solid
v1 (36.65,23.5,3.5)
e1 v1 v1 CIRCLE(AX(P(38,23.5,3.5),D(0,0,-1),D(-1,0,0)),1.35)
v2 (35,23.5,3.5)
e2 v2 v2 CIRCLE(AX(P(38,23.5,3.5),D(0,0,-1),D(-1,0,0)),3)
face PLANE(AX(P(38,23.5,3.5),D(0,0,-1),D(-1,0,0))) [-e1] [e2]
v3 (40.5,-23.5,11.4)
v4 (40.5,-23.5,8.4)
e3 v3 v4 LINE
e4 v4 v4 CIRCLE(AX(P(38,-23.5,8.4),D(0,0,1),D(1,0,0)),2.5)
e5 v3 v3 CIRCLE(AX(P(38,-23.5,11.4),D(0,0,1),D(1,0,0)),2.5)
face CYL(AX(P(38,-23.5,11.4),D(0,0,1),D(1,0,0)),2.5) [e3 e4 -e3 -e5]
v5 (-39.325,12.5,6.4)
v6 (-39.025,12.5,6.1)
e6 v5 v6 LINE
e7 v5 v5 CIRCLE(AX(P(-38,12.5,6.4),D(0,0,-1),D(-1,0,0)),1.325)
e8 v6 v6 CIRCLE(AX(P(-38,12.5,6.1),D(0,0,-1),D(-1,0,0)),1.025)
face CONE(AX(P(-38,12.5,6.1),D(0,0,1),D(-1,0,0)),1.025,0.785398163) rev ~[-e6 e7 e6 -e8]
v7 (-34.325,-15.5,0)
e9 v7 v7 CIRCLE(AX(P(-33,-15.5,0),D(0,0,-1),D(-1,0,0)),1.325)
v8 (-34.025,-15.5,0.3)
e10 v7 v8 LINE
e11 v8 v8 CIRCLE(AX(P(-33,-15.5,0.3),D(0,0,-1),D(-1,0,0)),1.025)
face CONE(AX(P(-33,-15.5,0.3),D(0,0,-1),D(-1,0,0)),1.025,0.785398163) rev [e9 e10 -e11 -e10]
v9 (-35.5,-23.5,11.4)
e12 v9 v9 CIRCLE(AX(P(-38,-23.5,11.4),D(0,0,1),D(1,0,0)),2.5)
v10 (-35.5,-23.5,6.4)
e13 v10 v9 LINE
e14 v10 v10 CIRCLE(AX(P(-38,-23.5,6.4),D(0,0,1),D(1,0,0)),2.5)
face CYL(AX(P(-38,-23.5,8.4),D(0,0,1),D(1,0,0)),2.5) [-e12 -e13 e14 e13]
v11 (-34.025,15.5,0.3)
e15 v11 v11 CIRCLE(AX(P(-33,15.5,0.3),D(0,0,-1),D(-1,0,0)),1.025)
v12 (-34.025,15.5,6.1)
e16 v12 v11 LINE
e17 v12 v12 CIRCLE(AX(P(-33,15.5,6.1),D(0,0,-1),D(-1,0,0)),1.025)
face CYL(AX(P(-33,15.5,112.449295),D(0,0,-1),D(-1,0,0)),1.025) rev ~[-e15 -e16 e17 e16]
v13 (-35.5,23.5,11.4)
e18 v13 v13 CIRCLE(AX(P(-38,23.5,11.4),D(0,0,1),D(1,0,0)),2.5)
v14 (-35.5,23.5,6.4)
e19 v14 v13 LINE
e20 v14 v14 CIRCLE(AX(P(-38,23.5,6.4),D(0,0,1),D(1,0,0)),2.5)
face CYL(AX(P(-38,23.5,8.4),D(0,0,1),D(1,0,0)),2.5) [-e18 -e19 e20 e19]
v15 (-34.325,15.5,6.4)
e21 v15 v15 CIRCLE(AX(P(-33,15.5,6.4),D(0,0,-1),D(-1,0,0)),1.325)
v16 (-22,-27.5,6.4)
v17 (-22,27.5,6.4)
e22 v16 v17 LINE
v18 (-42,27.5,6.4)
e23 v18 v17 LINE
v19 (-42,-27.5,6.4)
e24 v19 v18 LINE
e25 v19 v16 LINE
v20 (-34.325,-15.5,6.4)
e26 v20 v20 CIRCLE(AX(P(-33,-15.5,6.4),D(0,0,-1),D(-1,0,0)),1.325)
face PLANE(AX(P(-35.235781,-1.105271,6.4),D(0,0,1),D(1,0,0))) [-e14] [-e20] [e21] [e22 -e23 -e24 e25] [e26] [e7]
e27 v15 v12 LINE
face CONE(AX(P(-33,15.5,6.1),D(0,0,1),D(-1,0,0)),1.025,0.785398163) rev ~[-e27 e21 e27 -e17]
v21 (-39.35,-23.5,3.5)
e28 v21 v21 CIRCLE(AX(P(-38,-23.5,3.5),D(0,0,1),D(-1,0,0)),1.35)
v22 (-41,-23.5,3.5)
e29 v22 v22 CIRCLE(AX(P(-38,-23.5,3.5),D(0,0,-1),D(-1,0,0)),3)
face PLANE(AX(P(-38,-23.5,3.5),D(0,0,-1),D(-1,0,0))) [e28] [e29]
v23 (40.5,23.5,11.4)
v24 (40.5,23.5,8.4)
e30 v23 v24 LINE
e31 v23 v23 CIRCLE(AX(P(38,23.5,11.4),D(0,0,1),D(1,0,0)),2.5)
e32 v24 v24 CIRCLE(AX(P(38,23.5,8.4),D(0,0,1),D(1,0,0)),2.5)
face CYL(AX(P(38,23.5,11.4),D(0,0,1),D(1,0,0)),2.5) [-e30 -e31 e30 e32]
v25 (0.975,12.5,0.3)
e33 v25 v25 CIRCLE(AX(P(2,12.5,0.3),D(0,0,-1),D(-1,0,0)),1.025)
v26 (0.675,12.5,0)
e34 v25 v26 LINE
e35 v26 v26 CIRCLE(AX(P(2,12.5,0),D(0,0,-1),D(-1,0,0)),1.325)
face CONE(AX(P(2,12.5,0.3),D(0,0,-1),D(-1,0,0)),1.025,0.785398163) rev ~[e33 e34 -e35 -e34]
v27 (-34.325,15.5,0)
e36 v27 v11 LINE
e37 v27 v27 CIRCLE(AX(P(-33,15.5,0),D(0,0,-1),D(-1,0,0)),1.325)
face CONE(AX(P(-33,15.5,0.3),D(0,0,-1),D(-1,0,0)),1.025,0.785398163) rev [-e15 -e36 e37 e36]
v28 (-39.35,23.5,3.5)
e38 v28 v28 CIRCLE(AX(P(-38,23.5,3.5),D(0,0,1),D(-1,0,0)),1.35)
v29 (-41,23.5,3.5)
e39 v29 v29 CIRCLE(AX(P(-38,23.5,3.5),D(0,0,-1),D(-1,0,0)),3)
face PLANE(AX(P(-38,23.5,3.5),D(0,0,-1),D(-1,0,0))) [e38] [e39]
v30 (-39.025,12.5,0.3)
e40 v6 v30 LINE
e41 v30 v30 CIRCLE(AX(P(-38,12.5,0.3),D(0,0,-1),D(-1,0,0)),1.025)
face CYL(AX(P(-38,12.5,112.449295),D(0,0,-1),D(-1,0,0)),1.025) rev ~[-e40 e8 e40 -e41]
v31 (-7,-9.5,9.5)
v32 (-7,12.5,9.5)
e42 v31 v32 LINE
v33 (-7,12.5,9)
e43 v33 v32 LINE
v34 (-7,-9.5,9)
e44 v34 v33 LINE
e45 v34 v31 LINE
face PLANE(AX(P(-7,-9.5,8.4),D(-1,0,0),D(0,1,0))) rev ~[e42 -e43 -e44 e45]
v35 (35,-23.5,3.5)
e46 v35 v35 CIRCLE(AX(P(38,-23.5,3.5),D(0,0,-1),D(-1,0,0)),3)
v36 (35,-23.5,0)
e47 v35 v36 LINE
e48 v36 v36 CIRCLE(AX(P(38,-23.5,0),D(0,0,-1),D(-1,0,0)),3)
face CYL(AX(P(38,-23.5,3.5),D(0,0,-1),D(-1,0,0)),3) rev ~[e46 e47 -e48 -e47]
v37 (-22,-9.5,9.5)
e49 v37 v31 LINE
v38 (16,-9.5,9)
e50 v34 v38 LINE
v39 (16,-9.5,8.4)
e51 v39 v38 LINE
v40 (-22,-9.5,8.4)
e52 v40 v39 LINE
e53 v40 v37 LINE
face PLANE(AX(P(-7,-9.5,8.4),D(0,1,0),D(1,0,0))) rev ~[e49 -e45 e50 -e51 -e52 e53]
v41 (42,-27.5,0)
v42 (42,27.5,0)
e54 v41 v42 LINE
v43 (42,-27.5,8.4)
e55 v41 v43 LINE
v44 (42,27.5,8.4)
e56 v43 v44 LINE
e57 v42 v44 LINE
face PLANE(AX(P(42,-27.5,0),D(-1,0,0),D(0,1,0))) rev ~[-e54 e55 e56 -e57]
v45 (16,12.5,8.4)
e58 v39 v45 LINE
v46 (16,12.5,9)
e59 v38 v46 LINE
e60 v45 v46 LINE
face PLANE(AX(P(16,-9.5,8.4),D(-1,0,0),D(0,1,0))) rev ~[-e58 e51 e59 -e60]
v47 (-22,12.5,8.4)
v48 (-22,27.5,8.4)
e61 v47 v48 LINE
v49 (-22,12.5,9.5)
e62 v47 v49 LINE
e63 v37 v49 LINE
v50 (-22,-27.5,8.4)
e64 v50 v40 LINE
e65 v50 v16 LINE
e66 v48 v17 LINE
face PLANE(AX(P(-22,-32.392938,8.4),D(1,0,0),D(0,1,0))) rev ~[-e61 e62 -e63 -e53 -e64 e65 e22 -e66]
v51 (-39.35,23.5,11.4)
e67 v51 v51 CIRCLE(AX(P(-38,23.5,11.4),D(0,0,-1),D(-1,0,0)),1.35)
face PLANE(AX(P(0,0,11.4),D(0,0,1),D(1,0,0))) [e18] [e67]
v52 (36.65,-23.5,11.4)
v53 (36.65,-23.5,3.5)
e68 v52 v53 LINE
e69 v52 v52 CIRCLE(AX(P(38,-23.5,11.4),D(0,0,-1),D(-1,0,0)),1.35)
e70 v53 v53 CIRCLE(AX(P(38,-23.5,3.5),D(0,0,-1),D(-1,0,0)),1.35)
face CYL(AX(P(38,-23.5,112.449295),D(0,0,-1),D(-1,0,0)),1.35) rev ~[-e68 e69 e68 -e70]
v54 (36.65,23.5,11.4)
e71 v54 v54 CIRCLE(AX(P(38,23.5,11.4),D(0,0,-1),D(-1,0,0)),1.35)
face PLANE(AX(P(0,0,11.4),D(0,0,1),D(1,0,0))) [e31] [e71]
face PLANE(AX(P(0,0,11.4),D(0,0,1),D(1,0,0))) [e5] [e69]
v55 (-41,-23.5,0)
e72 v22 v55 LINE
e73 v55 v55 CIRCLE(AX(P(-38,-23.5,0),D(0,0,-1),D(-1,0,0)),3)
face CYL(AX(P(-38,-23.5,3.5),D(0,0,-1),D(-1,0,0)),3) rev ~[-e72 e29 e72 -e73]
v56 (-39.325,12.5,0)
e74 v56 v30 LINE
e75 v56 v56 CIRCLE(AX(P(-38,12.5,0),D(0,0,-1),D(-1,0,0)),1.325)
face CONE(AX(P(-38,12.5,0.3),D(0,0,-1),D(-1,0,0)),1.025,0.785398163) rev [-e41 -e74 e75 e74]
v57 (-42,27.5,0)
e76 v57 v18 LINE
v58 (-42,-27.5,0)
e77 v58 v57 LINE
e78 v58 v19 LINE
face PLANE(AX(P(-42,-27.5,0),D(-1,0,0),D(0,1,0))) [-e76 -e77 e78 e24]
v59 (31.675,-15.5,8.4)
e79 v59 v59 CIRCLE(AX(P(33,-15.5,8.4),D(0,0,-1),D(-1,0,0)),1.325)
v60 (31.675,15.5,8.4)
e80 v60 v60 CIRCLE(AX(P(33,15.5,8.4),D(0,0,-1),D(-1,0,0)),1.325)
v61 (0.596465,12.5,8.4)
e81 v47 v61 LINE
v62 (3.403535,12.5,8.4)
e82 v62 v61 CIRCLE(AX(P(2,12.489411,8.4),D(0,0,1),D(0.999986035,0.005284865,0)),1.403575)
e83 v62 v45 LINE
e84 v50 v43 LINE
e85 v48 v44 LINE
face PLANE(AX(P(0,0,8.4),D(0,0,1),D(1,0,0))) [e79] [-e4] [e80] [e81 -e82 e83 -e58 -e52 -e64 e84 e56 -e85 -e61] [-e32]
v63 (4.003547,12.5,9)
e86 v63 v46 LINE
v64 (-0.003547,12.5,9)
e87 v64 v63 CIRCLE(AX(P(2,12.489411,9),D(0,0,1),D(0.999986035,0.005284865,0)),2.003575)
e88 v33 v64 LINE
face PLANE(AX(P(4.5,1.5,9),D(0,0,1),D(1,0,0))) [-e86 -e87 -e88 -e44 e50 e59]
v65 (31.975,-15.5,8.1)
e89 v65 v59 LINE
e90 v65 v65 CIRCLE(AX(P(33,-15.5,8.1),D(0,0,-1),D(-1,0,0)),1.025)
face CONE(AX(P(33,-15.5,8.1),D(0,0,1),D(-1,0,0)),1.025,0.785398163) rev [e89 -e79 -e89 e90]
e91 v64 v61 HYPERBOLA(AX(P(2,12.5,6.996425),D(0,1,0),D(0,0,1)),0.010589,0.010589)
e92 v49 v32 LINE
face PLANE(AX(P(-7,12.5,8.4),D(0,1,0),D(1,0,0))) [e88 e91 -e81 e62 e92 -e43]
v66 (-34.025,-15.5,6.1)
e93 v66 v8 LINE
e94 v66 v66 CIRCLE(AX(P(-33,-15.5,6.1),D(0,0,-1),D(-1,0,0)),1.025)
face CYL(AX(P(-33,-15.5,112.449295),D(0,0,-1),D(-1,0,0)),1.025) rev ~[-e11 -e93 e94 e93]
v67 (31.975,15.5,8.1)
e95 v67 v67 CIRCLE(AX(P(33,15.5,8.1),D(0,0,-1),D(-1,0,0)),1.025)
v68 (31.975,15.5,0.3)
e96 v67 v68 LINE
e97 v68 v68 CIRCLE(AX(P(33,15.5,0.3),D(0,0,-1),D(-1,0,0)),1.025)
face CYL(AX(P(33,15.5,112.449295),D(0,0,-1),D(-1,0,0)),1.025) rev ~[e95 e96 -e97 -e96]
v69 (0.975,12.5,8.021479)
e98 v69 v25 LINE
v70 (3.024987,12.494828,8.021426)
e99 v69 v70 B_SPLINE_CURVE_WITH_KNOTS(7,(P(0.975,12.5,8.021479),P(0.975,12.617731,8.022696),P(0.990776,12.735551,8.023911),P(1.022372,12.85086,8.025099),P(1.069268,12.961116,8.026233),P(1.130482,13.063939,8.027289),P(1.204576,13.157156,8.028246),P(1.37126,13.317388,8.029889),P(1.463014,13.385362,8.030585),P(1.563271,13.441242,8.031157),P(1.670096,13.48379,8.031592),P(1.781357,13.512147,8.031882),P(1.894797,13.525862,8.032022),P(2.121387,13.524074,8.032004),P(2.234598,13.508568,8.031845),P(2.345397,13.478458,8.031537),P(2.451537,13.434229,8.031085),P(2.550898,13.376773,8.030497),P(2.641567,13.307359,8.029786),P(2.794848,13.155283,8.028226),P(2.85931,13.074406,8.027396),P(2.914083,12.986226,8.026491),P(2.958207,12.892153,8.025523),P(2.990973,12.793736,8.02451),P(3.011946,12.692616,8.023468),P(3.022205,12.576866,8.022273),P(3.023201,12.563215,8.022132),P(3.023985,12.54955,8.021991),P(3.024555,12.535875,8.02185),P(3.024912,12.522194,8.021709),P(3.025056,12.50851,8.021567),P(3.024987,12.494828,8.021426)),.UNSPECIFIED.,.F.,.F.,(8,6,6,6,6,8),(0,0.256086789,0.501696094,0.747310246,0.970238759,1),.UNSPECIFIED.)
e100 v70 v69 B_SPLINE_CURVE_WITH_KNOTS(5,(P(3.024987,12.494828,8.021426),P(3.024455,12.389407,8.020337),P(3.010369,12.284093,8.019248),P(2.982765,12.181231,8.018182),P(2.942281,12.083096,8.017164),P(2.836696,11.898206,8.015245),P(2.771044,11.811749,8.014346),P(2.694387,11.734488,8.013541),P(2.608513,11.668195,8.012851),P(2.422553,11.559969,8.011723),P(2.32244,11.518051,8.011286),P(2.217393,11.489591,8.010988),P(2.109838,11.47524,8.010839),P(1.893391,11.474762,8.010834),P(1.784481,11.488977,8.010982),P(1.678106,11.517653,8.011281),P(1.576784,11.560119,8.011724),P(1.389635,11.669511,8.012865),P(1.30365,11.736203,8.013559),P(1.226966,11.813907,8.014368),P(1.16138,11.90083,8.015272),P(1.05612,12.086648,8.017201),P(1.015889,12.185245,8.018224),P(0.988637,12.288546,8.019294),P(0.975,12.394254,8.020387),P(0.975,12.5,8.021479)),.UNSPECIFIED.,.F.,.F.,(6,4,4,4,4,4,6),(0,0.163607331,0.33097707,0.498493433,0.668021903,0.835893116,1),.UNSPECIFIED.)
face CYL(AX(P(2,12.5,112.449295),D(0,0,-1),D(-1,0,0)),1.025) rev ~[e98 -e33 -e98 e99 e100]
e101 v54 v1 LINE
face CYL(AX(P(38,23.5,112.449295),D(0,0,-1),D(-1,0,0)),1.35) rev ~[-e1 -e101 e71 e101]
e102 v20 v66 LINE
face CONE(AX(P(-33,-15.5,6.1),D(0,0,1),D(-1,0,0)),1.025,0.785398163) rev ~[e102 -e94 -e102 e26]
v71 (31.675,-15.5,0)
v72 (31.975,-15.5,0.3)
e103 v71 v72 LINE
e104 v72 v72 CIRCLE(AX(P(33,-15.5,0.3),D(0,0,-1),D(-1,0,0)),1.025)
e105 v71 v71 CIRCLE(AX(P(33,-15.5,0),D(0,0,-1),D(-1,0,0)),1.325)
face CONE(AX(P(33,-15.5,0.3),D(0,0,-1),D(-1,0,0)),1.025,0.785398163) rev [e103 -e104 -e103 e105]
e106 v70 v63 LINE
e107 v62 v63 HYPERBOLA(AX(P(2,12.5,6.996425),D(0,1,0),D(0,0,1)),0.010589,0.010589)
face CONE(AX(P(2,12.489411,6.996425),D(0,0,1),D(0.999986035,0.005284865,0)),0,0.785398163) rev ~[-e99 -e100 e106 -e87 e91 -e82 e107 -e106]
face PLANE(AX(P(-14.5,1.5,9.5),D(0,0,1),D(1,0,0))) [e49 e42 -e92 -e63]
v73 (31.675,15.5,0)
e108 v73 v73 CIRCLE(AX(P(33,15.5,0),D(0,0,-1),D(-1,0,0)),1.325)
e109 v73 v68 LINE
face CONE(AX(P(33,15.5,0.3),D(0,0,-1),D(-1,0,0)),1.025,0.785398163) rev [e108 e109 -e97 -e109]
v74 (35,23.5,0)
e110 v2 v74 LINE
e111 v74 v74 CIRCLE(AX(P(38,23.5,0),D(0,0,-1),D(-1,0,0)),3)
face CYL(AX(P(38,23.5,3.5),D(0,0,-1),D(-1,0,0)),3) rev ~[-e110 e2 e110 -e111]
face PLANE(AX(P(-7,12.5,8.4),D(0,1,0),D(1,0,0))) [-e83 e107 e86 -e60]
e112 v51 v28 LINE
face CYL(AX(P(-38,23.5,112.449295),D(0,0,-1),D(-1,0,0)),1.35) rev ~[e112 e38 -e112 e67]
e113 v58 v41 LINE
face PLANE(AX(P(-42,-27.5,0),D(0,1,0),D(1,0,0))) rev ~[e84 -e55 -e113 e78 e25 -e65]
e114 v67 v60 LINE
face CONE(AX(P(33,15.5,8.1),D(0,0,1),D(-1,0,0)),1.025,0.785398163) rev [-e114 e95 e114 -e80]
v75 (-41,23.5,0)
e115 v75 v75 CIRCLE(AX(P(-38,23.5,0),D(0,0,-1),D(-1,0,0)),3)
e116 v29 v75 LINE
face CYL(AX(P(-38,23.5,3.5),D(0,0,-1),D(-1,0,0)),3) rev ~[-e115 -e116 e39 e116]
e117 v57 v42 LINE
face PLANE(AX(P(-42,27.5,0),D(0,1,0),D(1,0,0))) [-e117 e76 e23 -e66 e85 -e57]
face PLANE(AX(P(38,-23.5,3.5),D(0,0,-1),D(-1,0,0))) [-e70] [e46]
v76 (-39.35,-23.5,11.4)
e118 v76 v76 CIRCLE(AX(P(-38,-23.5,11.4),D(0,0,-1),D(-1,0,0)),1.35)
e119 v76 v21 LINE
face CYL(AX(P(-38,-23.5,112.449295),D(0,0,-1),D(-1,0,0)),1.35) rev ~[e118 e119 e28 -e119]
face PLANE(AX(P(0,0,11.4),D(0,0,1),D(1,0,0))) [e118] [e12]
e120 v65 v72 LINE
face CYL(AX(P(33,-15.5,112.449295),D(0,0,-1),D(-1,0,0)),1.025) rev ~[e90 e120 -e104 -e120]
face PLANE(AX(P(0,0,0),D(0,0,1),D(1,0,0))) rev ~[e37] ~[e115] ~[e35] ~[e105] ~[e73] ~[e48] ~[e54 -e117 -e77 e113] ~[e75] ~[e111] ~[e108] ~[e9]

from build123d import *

# Parameters (mm, degrees)
SKETCH1_W                               = 84
SKETCH1_H                               = 55
EXTRUDE1_DEPTH                          = 11.4
F_2_7_2_7_DIAMETER_HOLE1_D              = 2.7
SKETCH6_OUTSIDE_W                       = 106.21
SKETCH6_OUTSIDE_H                       = 77.21
SKETCH6_OUTSIDE_R                       = 2.5
EXTRUDE2_DEPTH                          = 3
SKETCH7_W                               = 15
SKETCH7_H                               = 22
EXTRUDE3_DEPTH                          = 1.1
SKETCH8_W                               = 26.471562954
SKETCH8_H                               = 62.575334395
SKETCH8_R                               = 2.5
EXTRUDE6_DEPTH                          = 2
SKETCH9_W                               = 23
SKETCH9_H                               = 22
EXTRUDE7_DEPTH                          = 0.6
M2_5X0_45_TAPPED_HOLE1_D                = 2.05
CBORE_FOR_M5_HEX_HEAD_BOLT1_D           = 2.7
CBORE_FOR_M5_HEX_HEAD_BOLT1_CBORE_D     = 6
CBORE_FOR_M5_HEX_HEAD_BOLT1_CBORE_DEPTH = 3.5
CHAMFER1_SIZE                           = 0.3


with BuildPart() as part:
    # Sketch1 → Extrude1 (new body)
    with BuildSketch(Plane.XY):
        Rectangle(SKETCH1_W, SKETCH1_H)
    extrude(amount=EXTRUDE1_DEPTH)

    # 2.7 _2.7_ Diameter Hole1 (through all)
    with Locations(Plane.XY.offset(11.4)):
        with Locations((-38, 23.5), (38, 23.5), (38, -23.5), (-38, -23.5)):
            Hole(F_2_7_2_7_DIAMETER_HOLE1_D / 2)

    # Sketch6 outside → Extrude2 (cut)
    with BuildSketch(Plane.XY.offset(11.4)):
        Rectangle(SKETCH6_OUTSIDE_W, SKETCH6_OUTSIDE_H)
        with Locations((-38, 23.5)):
            Circle(SKETCH6_OUTSIDE_R, mode=Mode.SUBTRACT)
        with Locations((-38, -23.5)):
            Circle(SKETCH6_OUTSIDE_R, mode=Mode.SUBTRACT)
        with Locations((38, 23.5)):
            Circle(SKETCH6_OUTSIDE_R, mode=Mode.SUBTRACT)
        with Locations((38, -23.5)):
            Circle(SKETCH6_OUTSIDE_R, mode=Mode.SUBTRACT)
    extrude(amount=-EXTRUDE2_DEPTH, mode=Mode.SUBTRACT)

    # Sketch7 → Extrude3 (add)
    with BuildSketch(Plane.XY.offset(8.4)):
        with Locations((-14.5, 1.5)):
            Rectangle(SKETCH7_W, SKETCH7_H)
    extrude(amount=EXTRUDE3_DEPTH)

    # Sketch8 → Extrude6 (cut)
    with BuildSketch(Plane.XY.offset(8.4)):
        with Locations((-35.235781477, -1.105270853)):
            Rectangle(SKETCH8_W, SKETCH8_H)
        with Locations((-38, -23.5)):
            Circle(SKETCH8_R, mode=Mode.SUBTRACT)
        with Locations((-38, 23.5)):
            Circle(SKETCH8_R, mode=Mode.SUBTRACT)
    extrude(amount=-EXTRUDE6_DEPTH, mode=Mode.SUBTRACT)

    # Sketch9 → Extrude7 (add)
    with BuildSketch(Plane.XY.offset(8.4)):
        with Locations((4.5, 1.5)):
            Rectangle(SKETCH9_W, SKETCH9_H)
    extrude(amount=EXTRUDE7_DEPTH)

    # M2.5x0.45 Tapped Hole1 (through all)
    with Locations(Plane.XY.offset(11.4)):
        with Locations((-33, 15.5), (33, 15.5), (33, -15.5), (-33, -15.5), (2, 12.5), (-38, 12.5)):
            Hole(M2_5X0_45_TAPPED_HOLE1_D / 2)

    # CBORE for M5 Hex Head Bolt1 (through all)
    with Locations(Plane(origin=(0, 0, 0), x_dir=(-1, 0, 0), z_dir=(0, 0, -1))):
        with Locations((-38, 23.5), (-38, -23.5), (38, 23.5), (38, -23.5)):
            CounterBoreHole(CBORE_FOR_M5_HEX_HEAD_BOLT1_D / 2, CBORE_FOR_M5_HEX_HEAD_BOLT1_CBORE_D / 2, CBORE_FOR_M5_HEX_HEAD_BOLT1_CBORE_DEPTH)

    # Chamfer1
    chamfer1_edges = [part.edges().sort_by_distance(p)[0] for p in [
        (-36.975, 12.5, 0),
        (-36.975, 12.5, 6.4),
        (3.025, 12.5, 0),
        (-31.975, -15.5, 0),
        (-31.975, -15.5, 6.4),
        (34.025, -15.5, 8.4),
        (34.025, -15.5, 0),
        (34.025, 15.5, 8.4),
        (34.025, 15.5, 0),
        (-31.975, 15.5, 0),
        (-31.975, 15.5, 6.4),
    ]]
    chamfer(chamfer1_edges, length=CHAMFER1_SIZE)

    # Sketch12 → Cut-Revolve1 (revolve, cut)
    with BuildSketch(Plane.ZY.offset(-2), mode=Mode.PRIVATE) as cut_revolve1_sk:
        Polygon((6.996424716, 12.489411428), (9.321943828, 14.81493054), (9.321943828, 12.489411428), align=None)
    revolve(cut_revolve1_sk.sketch.rotate(Axis((2, 12.489411428, 7.765521671), (0, 0, 1)), 270.302801858), axis=Axis((2, 12.489411428, 7.765521671), (0, 0, 1)), mode=Mode.SUBTRACT)  # turned: the seam where the file's is


solid = part.part
